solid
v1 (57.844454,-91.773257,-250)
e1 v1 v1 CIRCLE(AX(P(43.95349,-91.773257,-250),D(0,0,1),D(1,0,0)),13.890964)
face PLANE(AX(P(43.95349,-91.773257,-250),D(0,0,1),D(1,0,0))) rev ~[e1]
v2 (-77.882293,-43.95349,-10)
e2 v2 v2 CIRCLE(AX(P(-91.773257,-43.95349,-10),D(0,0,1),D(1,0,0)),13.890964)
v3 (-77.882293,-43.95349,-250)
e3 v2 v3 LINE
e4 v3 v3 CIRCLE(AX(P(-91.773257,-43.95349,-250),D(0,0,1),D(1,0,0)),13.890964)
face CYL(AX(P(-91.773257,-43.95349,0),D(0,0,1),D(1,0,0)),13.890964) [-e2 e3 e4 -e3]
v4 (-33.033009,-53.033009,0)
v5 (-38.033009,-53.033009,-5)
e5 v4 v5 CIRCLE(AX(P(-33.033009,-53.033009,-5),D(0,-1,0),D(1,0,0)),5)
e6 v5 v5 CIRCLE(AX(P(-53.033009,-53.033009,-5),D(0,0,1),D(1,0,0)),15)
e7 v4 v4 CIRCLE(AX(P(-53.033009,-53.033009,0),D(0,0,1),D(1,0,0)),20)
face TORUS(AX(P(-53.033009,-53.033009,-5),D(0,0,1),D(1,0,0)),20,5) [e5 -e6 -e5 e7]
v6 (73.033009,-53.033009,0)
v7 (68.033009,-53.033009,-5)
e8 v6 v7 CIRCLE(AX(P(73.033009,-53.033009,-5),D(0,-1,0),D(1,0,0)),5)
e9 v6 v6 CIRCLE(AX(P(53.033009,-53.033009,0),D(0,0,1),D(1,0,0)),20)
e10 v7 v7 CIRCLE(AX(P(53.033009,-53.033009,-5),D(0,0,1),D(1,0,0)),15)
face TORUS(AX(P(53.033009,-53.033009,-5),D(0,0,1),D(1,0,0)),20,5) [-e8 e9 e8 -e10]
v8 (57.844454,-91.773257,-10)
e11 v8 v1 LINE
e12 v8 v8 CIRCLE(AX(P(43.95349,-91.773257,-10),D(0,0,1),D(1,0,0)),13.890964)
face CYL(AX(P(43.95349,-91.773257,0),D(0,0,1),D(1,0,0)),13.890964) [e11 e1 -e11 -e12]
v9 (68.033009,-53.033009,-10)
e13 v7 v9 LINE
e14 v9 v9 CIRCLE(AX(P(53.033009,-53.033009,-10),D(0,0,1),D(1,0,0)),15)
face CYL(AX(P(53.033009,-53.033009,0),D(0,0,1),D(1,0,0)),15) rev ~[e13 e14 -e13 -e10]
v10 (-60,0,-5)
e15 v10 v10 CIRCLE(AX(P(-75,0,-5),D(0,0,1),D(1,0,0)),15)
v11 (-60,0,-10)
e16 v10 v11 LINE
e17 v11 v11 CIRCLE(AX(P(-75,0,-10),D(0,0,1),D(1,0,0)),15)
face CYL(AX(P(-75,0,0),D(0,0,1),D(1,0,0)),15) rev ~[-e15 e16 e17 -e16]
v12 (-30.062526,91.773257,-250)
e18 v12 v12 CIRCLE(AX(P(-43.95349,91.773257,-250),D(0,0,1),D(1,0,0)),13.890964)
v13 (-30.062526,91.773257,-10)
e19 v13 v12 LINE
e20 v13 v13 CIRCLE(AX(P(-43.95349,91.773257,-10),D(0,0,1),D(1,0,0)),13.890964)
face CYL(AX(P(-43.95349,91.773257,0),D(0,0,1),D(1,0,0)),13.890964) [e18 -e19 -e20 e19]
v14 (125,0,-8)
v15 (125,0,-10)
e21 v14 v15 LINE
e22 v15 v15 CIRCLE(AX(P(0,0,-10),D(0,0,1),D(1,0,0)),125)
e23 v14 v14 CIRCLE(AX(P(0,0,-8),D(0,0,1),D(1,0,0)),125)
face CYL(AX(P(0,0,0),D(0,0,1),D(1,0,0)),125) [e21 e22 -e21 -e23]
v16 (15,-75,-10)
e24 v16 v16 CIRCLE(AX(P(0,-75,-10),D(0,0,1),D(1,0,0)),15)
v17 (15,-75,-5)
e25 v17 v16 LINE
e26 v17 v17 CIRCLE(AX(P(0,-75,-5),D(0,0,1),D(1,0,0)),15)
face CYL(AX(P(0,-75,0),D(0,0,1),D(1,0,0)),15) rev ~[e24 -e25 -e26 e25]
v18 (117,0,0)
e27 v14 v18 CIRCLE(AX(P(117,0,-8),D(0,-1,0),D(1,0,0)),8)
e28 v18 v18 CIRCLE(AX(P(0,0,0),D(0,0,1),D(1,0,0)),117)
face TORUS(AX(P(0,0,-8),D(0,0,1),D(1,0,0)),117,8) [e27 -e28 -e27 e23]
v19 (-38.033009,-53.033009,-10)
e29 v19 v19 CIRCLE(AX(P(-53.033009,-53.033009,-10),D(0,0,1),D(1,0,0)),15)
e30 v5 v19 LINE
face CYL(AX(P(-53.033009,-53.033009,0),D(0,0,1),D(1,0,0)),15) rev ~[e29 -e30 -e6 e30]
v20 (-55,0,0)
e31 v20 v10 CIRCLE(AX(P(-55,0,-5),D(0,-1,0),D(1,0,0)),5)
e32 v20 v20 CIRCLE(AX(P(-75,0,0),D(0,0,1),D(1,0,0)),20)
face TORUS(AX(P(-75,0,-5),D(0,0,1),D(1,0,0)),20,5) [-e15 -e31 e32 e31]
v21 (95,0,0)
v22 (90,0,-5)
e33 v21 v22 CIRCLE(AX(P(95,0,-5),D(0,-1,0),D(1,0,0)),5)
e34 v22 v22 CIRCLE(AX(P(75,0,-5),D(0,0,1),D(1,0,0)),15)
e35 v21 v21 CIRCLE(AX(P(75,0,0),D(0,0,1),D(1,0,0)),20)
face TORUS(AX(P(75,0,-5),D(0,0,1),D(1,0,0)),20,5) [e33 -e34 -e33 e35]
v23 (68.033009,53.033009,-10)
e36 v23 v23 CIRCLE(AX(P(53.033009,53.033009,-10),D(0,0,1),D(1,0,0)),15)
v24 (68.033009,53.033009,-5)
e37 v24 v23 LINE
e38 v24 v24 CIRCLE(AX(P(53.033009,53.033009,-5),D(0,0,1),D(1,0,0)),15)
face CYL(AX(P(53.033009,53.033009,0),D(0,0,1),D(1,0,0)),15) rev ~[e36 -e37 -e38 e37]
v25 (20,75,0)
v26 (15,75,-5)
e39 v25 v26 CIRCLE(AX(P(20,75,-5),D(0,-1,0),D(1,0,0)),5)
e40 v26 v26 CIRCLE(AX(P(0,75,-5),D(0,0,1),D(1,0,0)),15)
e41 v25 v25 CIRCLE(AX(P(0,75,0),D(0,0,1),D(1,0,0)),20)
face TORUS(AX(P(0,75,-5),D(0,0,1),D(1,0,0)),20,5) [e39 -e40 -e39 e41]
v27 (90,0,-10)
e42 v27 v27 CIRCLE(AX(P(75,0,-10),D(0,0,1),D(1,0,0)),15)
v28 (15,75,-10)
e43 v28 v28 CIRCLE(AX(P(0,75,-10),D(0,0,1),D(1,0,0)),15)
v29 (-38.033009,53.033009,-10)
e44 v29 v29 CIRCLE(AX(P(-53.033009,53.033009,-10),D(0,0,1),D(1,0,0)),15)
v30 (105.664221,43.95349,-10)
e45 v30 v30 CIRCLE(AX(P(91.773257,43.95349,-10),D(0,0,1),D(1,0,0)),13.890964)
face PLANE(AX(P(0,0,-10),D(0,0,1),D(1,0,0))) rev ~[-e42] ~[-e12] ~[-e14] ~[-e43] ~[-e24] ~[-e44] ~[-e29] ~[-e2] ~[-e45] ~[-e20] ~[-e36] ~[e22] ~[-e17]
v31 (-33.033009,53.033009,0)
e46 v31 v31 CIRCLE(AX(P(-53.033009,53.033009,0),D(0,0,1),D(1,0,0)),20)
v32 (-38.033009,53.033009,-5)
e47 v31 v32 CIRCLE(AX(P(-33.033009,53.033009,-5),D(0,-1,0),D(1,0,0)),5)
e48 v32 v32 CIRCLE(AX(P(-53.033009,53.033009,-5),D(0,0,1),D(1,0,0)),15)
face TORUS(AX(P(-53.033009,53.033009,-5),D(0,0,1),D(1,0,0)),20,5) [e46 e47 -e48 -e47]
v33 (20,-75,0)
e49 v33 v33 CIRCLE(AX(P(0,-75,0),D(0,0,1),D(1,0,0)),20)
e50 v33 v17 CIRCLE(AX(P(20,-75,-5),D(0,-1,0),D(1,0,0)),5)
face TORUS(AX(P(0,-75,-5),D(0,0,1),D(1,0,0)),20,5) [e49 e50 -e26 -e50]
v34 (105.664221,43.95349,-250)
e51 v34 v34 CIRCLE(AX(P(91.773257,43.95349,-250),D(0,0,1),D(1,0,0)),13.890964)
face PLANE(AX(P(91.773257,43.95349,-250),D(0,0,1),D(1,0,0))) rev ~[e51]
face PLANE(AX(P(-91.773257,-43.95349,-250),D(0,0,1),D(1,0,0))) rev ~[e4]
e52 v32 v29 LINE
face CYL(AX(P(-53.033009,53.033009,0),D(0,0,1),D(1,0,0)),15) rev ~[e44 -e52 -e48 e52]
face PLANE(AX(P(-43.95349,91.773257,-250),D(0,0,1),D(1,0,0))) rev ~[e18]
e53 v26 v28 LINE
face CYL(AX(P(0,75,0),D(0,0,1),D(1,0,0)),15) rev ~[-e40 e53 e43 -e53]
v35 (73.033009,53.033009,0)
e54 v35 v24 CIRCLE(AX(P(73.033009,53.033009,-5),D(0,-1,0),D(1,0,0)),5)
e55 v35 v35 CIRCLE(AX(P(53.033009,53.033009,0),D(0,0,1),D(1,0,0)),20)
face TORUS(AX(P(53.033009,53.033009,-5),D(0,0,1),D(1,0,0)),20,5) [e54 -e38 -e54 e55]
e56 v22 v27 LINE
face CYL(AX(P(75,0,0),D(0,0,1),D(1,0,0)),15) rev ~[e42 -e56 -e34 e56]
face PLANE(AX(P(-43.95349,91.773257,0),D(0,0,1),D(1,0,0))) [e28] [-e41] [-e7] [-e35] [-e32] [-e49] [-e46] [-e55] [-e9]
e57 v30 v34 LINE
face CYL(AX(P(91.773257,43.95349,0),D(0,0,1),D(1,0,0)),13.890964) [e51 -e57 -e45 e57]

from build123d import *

# Parameters (mm, degrees)
F0_R     = 125
F2_DEPTH = 10
F1_R     = 15
F3_DEPTH = 10
F4_R     = 8
F5_R     = 5
F6_R     = 13.890964
F7_DEPTH = 250


with BuildPart() as f2:
    # F0 (on Top) → F2 (new body)
    with BuildSketch(Plane.XY):
        Circle(F0_R)
    extrude(amount=-F2_DEPTH)

    # F1 (on face) → F3 (cut)
    with BuildSketch(Plane.XY):
        with Locations((0, 75)):
            Circle(F1_R)
        with Locations((-53.033009, 53.033009)):
            Circle(F1_R)
        with Locations((-75, 0)):
            Circle(F1_R)
        with Locations((-53.033009, -53.033009)):
            Circle(F1_R)
        with Locations((0, -75)):
            Circle(F1_R)
        with Locations((53.033009, -53.033009)):
            Circle(F1_R)
        with Locations((75, 0)):
            Circle(F1_R)
        with Locations((53.033009, 53.033009)):
            Circle(F1_R)
    extrude(amount=-F3_DEPTH, mode=Mode.SUBTRACT)

    # F4
    f4_edges = [f2.edges().sort_by_distance(p)[0] for p in [
        (-125, 0, 0),
    ]]
    fillet(f4_edges, radius=F4_R)

    # F5
    f5_edges = [f2.edges().sort_by_distance(p)[0] for p in [
        (-117, 0, 0),
        (-68.033009, -53.033009, 0),
        (-15, -75, 0),
        (38.033009, -53.033009, 0),
        (-90, 0, 0),
        (-68.033009, 53.033009, 0),
        (60, 0, 0),
        (-15, 75, 0),
        (38.033009, 53.033009, 0),
    ]]
    fillet(f5_edges, radius=F5_R)

    # F6 (on face) → F7 (join)
    with BuildSketch(Plane.XY):
        with Locations((-43.95349, 91.773257)):
            Circle(F6_R)
        with Locations((-91.773257, -43.95349)):
            Circle(F6_R)
        with Locations((43.95349, -91.773257)):
            Circle(F6_R)
        with Locations((91.773257, 43.95349)):
            Circle(F6_R)
    extrude(amount=-F7_DEPTH)


solid = f2.part
